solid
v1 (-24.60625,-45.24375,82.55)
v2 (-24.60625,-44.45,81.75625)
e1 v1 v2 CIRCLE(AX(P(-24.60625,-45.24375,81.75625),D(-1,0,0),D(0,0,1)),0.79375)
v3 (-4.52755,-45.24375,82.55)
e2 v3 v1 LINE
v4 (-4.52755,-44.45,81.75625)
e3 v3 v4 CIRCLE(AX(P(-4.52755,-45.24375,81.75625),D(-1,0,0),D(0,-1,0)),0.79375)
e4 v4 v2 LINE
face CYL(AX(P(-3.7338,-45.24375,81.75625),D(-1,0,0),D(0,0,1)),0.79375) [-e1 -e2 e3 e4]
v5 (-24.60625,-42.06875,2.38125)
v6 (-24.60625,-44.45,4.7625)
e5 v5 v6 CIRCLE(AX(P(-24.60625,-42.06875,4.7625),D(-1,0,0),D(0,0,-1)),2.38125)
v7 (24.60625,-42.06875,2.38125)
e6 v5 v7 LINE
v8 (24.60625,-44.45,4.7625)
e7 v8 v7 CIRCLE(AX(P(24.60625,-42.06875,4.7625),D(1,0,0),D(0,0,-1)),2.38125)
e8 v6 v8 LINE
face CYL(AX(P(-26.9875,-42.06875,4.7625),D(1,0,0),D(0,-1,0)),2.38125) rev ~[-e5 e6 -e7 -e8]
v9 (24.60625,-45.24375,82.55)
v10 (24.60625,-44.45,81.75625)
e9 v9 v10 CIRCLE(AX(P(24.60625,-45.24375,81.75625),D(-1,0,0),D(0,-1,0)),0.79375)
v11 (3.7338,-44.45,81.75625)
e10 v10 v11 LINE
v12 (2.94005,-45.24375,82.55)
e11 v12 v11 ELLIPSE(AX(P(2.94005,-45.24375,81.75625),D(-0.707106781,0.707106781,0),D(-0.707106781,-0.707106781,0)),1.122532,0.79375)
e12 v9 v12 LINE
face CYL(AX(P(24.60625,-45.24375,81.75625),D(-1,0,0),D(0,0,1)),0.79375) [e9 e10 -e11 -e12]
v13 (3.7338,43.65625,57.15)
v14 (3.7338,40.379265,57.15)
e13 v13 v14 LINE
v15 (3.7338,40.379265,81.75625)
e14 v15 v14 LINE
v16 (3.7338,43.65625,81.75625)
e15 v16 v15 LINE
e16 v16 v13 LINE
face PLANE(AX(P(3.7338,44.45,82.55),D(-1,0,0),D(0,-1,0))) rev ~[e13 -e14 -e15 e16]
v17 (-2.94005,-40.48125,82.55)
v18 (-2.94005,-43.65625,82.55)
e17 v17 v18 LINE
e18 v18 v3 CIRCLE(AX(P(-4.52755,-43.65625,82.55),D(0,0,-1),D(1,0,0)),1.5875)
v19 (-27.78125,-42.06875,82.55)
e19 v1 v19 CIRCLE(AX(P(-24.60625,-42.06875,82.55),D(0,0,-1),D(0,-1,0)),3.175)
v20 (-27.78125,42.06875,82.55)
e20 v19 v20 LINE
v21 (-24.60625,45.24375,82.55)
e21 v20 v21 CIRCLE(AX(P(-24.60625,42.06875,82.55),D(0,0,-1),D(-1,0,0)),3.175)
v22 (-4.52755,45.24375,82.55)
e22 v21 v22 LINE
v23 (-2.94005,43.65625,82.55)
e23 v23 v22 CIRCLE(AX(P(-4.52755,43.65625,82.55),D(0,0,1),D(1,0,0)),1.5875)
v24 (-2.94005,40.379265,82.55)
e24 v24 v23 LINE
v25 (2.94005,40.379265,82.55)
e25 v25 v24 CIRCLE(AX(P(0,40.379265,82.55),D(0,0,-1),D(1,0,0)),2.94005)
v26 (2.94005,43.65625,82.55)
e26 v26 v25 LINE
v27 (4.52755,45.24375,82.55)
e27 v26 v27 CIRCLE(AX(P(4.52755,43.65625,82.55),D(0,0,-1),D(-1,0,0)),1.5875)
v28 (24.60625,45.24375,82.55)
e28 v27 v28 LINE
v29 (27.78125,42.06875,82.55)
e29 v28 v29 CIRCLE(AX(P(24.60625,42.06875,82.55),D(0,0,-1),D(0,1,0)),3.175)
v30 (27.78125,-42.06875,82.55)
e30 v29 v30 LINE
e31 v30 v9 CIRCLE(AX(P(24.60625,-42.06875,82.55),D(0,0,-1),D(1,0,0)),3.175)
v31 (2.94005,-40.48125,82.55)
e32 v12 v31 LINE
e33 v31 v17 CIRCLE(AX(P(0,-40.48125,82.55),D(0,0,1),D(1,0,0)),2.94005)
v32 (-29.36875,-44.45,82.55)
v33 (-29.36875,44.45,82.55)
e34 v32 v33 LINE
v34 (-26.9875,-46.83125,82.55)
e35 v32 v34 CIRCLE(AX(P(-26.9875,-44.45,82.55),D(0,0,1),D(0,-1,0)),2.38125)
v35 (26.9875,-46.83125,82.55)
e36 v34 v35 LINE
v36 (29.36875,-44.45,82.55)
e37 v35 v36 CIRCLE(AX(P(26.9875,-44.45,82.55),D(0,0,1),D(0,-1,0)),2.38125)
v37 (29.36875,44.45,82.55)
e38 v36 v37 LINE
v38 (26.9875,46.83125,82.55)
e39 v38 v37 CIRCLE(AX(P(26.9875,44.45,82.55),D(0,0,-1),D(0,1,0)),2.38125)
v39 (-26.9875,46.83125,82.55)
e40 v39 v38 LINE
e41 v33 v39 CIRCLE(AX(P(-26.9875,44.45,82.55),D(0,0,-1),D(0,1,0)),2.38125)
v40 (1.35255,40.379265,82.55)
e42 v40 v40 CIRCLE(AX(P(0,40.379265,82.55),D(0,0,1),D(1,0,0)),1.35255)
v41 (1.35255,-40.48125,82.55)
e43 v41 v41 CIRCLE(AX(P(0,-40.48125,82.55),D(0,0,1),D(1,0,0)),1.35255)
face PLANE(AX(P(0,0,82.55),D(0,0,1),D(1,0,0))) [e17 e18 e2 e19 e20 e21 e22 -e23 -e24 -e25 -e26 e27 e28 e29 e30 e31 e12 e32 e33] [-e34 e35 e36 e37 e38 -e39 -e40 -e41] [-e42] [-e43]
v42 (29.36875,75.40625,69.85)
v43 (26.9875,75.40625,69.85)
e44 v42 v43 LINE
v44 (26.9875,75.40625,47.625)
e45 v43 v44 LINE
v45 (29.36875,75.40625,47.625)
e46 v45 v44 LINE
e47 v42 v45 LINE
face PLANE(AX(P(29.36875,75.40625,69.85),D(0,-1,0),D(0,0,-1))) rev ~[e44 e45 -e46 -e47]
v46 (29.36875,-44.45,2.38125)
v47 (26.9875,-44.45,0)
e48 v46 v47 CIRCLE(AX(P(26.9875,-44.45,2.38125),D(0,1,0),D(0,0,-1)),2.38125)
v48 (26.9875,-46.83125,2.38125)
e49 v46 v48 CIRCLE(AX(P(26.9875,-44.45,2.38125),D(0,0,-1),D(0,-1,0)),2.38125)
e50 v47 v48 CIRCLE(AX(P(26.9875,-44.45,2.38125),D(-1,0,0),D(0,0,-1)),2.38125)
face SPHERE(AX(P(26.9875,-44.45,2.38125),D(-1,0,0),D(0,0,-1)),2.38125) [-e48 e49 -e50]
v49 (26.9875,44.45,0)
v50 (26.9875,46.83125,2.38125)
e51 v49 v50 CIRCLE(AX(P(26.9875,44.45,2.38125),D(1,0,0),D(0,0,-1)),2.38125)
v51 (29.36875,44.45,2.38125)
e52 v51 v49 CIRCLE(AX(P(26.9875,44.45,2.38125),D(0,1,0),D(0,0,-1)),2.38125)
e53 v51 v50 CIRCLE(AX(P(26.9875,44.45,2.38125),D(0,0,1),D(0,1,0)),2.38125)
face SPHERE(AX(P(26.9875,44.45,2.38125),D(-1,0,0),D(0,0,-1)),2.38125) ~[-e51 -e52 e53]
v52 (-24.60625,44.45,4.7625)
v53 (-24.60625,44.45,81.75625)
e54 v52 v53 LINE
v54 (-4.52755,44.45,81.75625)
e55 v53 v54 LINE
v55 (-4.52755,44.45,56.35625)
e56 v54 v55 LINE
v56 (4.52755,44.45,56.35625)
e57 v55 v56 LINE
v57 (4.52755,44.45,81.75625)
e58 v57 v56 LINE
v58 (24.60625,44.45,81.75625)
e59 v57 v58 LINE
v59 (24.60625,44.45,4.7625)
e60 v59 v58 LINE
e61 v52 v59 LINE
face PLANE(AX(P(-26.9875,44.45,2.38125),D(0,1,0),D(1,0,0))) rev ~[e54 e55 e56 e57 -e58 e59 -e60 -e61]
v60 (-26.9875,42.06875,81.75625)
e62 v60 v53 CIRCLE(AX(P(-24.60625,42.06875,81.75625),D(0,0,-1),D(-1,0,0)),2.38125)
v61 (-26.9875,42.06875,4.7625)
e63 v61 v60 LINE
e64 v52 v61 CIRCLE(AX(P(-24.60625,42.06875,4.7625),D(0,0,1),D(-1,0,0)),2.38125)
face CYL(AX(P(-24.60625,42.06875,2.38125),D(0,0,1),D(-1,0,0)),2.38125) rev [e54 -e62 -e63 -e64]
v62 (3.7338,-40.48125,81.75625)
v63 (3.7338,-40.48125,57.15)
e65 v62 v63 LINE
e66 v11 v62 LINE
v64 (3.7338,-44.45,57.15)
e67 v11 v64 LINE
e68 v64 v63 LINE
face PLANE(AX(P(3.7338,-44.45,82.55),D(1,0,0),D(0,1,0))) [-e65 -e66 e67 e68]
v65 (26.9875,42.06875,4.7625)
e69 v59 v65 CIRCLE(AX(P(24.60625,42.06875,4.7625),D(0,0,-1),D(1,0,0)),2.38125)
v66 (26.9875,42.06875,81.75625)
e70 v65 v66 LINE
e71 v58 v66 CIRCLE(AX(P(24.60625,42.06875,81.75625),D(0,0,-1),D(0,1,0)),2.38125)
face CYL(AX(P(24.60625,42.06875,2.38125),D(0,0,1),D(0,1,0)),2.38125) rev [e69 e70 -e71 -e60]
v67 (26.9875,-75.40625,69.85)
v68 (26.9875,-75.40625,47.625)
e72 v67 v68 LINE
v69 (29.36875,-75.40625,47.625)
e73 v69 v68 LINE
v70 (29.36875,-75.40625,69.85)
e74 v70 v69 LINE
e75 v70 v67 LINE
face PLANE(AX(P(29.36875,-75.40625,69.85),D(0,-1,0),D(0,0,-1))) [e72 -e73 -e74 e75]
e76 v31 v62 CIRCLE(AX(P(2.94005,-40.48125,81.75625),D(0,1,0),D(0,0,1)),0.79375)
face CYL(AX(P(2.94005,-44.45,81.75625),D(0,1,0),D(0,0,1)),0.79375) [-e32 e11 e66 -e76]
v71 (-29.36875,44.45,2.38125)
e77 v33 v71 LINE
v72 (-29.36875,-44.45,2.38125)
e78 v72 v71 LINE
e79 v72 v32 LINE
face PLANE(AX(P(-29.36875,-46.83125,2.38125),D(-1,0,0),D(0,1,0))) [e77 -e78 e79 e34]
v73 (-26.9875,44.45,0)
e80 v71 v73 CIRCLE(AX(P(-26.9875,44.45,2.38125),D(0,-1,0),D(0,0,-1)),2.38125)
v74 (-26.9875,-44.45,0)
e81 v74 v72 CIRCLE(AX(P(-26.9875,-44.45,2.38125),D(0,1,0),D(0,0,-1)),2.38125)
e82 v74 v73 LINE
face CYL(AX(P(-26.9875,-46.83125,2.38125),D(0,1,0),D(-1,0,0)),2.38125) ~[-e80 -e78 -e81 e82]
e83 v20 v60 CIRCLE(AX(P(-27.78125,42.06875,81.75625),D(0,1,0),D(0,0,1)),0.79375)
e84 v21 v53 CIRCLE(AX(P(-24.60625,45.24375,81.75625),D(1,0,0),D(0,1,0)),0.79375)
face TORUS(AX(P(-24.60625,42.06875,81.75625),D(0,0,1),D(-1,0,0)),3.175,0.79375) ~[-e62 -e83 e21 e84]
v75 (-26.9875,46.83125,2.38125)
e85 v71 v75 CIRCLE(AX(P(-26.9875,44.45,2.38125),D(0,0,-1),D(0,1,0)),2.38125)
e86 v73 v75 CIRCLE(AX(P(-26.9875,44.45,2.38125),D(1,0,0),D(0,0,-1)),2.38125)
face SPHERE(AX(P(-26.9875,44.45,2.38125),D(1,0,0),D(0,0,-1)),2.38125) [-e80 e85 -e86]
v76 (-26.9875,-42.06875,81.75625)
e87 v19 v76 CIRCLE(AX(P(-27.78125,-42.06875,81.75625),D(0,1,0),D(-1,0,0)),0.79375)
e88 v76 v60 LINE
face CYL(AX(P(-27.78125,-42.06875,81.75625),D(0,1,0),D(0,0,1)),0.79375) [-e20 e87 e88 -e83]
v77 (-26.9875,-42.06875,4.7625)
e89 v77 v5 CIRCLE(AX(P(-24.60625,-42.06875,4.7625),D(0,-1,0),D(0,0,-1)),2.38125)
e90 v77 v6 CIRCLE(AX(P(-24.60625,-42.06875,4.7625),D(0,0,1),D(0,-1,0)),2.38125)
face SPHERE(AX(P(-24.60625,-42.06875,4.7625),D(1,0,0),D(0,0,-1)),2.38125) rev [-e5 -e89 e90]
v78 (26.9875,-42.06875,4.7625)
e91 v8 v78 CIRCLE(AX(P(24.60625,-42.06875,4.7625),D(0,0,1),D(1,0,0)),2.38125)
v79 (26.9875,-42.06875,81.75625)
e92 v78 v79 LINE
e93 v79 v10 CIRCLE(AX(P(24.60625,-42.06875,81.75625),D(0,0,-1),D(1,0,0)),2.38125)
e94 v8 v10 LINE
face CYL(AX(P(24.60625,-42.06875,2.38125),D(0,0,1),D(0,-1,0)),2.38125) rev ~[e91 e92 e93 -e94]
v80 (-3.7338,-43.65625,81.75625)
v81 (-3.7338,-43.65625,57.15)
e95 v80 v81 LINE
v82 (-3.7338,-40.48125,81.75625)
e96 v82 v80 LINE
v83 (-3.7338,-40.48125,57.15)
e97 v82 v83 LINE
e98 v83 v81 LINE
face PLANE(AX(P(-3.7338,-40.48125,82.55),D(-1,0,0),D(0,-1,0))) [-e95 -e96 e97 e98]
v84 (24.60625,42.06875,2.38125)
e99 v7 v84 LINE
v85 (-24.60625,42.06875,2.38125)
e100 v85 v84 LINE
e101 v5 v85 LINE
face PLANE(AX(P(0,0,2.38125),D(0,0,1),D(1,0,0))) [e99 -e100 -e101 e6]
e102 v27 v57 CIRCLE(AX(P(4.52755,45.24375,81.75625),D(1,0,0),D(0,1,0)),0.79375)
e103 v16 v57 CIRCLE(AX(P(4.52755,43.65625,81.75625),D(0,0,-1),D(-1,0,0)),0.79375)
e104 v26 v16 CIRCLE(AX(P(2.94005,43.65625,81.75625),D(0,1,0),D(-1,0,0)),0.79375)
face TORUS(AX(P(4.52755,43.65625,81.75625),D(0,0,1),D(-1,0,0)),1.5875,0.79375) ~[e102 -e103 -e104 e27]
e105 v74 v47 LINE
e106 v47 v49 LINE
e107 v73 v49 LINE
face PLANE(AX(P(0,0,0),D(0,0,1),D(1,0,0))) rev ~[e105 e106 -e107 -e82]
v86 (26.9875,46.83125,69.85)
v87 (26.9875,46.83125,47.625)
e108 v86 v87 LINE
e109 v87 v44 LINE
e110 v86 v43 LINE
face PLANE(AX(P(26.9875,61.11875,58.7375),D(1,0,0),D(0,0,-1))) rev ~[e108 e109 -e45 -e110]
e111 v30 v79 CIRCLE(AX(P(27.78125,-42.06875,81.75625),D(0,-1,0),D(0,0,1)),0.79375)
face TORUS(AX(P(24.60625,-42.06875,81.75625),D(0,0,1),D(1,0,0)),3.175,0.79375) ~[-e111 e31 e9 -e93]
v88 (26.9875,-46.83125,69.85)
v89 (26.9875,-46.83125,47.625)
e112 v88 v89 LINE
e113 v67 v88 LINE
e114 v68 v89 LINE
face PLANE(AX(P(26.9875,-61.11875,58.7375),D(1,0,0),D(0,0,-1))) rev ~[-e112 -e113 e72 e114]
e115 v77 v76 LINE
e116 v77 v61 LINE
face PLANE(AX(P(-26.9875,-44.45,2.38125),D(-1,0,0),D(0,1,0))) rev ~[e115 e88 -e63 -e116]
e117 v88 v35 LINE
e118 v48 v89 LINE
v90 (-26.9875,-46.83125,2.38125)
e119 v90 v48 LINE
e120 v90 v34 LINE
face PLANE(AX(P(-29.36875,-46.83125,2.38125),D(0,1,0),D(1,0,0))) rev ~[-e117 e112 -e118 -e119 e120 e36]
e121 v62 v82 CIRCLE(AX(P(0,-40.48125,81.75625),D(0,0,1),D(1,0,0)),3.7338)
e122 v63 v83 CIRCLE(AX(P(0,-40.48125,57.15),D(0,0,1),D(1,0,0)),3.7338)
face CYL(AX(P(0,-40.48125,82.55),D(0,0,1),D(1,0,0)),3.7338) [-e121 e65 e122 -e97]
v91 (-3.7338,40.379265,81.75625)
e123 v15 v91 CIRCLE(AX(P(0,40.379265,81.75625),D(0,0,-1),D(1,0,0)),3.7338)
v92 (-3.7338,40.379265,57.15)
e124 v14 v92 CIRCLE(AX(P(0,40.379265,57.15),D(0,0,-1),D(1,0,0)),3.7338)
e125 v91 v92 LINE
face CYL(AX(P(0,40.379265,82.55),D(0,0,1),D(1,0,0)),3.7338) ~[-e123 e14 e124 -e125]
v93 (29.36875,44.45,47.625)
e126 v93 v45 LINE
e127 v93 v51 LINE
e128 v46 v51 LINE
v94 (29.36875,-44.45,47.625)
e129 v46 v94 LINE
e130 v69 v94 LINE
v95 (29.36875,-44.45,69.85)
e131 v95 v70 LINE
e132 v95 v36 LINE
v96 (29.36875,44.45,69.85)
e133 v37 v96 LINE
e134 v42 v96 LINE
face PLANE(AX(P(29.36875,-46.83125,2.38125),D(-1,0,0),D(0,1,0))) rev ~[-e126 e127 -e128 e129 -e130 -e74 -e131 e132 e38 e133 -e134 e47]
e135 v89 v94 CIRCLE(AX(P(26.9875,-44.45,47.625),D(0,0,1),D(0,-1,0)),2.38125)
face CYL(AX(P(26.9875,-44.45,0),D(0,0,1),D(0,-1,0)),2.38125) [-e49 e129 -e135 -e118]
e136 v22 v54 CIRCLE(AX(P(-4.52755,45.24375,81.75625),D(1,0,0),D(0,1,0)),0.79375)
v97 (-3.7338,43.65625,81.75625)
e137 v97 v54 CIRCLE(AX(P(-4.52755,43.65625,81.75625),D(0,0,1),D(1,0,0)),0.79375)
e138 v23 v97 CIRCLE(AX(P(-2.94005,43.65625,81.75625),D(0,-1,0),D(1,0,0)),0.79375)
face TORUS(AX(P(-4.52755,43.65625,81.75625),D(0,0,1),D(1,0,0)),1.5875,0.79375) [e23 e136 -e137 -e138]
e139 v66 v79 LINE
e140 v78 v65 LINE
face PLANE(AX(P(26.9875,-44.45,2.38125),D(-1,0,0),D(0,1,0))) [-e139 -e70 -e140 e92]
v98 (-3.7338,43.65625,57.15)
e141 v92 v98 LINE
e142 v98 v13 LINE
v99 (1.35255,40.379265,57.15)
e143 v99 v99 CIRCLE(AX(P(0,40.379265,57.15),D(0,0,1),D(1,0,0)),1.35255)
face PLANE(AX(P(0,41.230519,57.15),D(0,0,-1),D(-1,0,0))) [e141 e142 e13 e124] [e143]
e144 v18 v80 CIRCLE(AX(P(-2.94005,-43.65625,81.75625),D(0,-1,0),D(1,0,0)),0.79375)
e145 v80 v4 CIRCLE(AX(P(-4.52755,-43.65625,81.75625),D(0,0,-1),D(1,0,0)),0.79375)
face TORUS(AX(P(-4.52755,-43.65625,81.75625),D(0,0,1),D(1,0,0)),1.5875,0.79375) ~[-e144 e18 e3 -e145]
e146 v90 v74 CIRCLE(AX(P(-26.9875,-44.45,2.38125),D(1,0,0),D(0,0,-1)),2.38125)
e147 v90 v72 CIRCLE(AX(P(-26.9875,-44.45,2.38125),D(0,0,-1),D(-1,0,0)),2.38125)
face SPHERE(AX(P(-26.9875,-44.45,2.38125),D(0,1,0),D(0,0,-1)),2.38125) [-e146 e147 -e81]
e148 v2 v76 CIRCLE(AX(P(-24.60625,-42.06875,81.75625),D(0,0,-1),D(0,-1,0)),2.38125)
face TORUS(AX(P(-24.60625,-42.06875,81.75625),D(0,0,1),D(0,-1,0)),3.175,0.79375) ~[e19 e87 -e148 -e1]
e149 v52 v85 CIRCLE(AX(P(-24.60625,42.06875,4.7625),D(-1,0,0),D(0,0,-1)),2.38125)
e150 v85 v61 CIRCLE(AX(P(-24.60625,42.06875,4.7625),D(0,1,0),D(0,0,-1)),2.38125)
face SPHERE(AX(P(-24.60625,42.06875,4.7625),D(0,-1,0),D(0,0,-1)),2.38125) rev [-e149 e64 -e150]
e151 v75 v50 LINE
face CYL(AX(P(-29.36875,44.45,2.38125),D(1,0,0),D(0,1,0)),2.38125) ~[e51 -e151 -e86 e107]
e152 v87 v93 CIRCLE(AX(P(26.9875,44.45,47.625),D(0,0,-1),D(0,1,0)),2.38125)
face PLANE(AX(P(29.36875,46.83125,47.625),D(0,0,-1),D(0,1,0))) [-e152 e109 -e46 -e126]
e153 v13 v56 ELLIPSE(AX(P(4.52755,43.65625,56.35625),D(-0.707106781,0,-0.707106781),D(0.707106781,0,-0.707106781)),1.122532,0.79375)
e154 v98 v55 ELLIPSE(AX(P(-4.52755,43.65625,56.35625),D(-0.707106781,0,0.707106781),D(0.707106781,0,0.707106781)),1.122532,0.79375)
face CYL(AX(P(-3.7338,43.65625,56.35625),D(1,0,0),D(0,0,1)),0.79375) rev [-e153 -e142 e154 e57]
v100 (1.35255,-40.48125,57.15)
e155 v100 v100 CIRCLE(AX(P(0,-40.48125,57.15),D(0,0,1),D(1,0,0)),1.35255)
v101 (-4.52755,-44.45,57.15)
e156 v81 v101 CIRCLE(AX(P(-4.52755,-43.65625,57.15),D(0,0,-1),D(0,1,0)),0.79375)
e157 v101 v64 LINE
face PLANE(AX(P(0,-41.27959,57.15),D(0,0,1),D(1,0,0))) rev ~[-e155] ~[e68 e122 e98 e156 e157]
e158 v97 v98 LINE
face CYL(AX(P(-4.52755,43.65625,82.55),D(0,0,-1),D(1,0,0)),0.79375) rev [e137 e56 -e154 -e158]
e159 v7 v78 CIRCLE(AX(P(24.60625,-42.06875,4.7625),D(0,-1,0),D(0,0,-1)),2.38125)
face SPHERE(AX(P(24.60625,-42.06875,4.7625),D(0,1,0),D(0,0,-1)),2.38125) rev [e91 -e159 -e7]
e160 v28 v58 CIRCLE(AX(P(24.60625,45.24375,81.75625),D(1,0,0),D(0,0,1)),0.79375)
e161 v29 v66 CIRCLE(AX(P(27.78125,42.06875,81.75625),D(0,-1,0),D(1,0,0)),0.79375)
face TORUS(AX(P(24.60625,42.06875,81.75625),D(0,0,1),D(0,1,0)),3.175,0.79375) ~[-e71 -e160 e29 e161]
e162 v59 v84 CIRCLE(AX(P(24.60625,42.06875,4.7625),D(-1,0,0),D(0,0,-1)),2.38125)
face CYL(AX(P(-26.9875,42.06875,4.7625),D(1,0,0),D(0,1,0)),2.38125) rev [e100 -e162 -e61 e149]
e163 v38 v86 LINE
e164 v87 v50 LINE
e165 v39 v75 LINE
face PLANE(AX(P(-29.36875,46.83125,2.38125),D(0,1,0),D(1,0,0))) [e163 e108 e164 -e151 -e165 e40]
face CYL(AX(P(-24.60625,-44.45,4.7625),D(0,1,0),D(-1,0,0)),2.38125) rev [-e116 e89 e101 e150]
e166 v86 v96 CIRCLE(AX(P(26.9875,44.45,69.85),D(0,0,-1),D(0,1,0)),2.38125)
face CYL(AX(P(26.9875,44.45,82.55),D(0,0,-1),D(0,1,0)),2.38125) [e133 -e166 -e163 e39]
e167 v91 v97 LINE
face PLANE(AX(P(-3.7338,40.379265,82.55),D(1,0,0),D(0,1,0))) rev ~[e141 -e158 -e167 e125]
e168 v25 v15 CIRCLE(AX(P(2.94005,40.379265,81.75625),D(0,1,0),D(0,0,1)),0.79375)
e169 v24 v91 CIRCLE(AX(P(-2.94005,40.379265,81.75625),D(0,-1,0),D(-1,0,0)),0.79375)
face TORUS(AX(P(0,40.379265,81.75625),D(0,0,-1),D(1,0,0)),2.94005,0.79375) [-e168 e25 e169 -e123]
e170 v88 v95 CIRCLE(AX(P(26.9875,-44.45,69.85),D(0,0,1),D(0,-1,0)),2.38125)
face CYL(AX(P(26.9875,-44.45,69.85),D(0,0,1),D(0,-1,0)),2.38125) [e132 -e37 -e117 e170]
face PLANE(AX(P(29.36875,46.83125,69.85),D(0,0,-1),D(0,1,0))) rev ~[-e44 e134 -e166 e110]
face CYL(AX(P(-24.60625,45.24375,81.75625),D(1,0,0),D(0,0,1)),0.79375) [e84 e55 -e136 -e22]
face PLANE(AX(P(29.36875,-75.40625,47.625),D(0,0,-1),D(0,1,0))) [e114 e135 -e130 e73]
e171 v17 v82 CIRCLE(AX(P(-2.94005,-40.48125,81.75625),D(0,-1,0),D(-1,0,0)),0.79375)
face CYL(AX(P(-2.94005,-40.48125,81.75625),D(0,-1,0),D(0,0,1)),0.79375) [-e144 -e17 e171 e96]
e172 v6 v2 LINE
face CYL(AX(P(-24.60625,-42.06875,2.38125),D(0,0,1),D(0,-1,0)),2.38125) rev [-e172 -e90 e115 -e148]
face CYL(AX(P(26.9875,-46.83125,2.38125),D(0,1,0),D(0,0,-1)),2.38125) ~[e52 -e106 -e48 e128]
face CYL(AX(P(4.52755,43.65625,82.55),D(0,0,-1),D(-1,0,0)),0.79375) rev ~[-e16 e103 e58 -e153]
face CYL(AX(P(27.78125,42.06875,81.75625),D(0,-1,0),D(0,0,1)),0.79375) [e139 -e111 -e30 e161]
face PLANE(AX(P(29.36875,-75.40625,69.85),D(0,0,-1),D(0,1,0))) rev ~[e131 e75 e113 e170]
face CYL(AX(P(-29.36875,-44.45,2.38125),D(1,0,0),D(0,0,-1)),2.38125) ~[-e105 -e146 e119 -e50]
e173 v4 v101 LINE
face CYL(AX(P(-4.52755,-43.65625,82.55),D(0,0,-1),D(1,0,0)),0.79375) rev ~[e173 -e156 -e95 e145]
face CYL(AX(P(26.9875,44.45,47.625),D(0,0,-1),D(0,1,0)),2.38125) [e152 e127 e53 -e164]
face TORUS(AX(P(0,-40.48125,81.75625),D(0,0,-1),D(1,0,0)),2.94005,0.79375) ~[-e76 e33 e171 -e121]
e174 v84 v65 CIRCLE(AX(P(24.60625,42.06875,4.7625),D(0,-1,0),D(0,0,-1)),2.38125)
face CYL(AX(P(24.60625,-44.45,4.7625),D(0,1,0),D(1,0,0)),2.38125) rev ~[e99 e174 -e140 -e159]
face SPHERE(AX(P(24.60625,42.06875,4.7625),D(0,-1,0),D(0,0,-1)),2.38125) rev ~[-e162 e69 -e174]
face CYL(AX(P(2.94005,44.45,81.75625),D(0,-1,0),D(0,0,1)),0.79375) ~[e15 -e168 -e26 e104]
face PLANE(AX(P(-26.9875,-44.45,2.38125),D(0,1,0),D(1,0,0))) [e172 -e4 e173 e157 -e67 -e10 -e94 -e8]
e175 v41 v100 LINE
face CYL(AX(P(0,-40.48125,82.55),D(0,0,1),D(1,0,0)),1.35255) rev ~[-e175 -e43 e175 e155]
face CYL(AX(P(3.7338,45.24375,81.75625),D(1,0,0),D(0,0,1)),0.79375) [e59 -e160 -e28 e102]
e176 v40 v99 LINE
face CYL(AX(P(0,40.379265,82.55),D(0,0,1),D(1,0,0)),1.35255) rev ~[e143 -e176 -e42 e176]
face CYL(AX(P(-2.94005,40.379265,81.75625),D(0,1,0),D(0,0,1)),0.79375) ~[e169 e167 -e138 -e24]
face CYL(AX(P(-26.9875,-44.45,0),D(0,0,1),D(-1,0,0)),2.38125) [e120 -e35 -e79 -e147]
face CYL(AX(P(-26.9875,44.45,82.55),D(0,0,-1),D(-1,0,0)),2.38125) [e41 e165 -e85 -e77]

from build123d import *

# Parameters (mm, degrees)
SKETCH1_W           = 58.7375
SKETCH1_H           = 93.6625
BACK_DEPTH          = 2.38125
SKETCH2_W           = 58.7375
SKETCH2_H           = 93.6625
SKETCH2_W_2         = 53.975
SKETCH2_H_2         = 88.9
SIDES_DEPTH         = 80.16875
SKETCH6_R           = 1.35255
BOSS_EXTRUDE6_DEPTH = 25.4
SKETCH5_W           = 22.225
SKETCH5_H           = 28.575
BOSS_EXTRUDE5_DEPTH = 2.38125
FILLET4_R           = 2.38125
FILLET5_R           = 0.79375


with BuildPart() as part:
    # Sketch1 → Back (new body)
    with BuildSketch(Plane.XY):
        Rectangle(SKETCH1_W, SKETCH1_H)
    extrude(amount=BACK_DEPTH)

    # Sketch2 → Sides (add)
    with BuildSketch(Plane.XY.offset(2.38125)):
        Rectangle(SKETCH2_W, SKETCH2_H)
        Rectangle(SKETCH2_W_2, SKETCH2_H_2, mode=Mode.SUBTRACT)
    extrude(amount=SIDES_DEPTH)

    # Sketch6 → Boss-Extrude6 (add)
    # profile 1 of 2: a face of its own
    with BuildSketch(Plane.XY.offset(82.55)):
        with BuildLine():
            Line((-3.7338, 40.379264529), (-3.7338, 44.45))
            Line((-3.7338, 44.45), (3.7338, 44.45))
            Line((3.7338, 44.45), (3.7338, 40.379264529))
            ThreePointArc((3.7338, 40.379264529), (0, 36.645464529), (-3.7338, 40.379264529))
        make_face()
        with Locations((0, 40.379264529)):
            Circle(SKETCH6_R, mode=Mode.SUBTRACT)
    # profile 2 of 2: a face of its own
    with BuildSketch(Plane.XY.offset(82.55)):
        with BuildLine():
            Line((-3.7338, -40.48125), (-3.7338, -44.45))
            Line((-3.7338, -44.45), (3.7338, -44.45))
            Line((3.7338, -44.45), (3.7338, -40.48125))
            ThreePointArc((3.7338, -40.48125), (0, -36.74745), (-3.7338, -40.48125))
        make_face()
        with Locations((0, -40.48125)):
            Circle(SKETCH6_R, mode=Mode.SUBTRACT)
    extrude(amount=-BOSS_EXTRUDE6_DEPTH)

    # Sketch5 → Boss-Extrude5 (add)
    with BuildSketch(Plane(origin=(29.36875, 0, 0), x_dir=(0, 0, -1), z_dir=(1, 0, 0))):
        with Locations((-58.7375, 61.11875)):
            Rectangle(SKETCH5_W, SKETCH5_H)
        with Locations((-58.7375, -61.11875)):
            Rectangle(SKETCH5_W, SKETCH5_H)
    extrude(amount=-BOSS_EXTRUDE5_DEPTH)

    # Fillet4
    fillet4_edges = [part.edges().sort_by_distance(p)[0] for p in [
        (26.9875, 0, 2.38125),
        (0, -44.45, 2.38125),
        (-26.9875, 0, 2.38125),
        (0, 44.45, 2.38125),
        (0, 46.83125, 0),
        (-29.36875, 0, 0),
        (0, -46.83125, 0),
        (29.36875, 0, 0),
        (-26.9875, -44.45, 42.465625),
        (-26.9875, 44.45, 42.465625),
        (26.9875, 44.45, 42.465625),
        (26.9875, -44.45, 42.465625),
        (29.36875, 46.83125, 23.8125),
        (29.36875, -46.83125, 23.8125),
        (29.36875, -46.83125, 76.2),
        (29.36875, 46.83125, 76.2),
        (-29.36875, -46.83125, 41.275),
        (-29.36875, 46.83125, 41.275),
    ]]
    fillet(fillet4_edges, radius=FILLET4_R)

    # Fillet5
    fillet5_edges = [part.edges().sort_by_distance(p)[0] for p in [
        (-26.290048023, -43.752548023, 82.55),
        (-26.290048023, 43.752548023, 82.55),
        (26.290048023, 43.752548023, 82.55),
        (26.290048023, -43.752548023, 82.55),
        (-14.170025, 44.45, 82.55),
        (0, 44.45, 57.15),
        (-3.7338, 44.45, 69.85),
        (3.7338, 44.45, 69.85),
        (0, 36.645464529, 82.55),
        (3.7338, 42.414632265, 82.55),
        (-3.7338, 42.414632265, 82.55),
        (14.170025, -44.45, 82.55),
        (-3.7338, -44.45, 69.85),
        (0, -36.74745, 82.55),
        (-3.7338, -42.465625, 82.55),
        (3.7338, -42.465625, 82.55),
        (26.9875, 0, 82.55),
        (-14.170025, -44.45, 82.55),
        (-26.9875, 0, 82.55),
        (14.170025, 44.45, 82.55),
    ]]
    fillet(fillet5_edges, radius=FILLET5_R)


solid = part.part
